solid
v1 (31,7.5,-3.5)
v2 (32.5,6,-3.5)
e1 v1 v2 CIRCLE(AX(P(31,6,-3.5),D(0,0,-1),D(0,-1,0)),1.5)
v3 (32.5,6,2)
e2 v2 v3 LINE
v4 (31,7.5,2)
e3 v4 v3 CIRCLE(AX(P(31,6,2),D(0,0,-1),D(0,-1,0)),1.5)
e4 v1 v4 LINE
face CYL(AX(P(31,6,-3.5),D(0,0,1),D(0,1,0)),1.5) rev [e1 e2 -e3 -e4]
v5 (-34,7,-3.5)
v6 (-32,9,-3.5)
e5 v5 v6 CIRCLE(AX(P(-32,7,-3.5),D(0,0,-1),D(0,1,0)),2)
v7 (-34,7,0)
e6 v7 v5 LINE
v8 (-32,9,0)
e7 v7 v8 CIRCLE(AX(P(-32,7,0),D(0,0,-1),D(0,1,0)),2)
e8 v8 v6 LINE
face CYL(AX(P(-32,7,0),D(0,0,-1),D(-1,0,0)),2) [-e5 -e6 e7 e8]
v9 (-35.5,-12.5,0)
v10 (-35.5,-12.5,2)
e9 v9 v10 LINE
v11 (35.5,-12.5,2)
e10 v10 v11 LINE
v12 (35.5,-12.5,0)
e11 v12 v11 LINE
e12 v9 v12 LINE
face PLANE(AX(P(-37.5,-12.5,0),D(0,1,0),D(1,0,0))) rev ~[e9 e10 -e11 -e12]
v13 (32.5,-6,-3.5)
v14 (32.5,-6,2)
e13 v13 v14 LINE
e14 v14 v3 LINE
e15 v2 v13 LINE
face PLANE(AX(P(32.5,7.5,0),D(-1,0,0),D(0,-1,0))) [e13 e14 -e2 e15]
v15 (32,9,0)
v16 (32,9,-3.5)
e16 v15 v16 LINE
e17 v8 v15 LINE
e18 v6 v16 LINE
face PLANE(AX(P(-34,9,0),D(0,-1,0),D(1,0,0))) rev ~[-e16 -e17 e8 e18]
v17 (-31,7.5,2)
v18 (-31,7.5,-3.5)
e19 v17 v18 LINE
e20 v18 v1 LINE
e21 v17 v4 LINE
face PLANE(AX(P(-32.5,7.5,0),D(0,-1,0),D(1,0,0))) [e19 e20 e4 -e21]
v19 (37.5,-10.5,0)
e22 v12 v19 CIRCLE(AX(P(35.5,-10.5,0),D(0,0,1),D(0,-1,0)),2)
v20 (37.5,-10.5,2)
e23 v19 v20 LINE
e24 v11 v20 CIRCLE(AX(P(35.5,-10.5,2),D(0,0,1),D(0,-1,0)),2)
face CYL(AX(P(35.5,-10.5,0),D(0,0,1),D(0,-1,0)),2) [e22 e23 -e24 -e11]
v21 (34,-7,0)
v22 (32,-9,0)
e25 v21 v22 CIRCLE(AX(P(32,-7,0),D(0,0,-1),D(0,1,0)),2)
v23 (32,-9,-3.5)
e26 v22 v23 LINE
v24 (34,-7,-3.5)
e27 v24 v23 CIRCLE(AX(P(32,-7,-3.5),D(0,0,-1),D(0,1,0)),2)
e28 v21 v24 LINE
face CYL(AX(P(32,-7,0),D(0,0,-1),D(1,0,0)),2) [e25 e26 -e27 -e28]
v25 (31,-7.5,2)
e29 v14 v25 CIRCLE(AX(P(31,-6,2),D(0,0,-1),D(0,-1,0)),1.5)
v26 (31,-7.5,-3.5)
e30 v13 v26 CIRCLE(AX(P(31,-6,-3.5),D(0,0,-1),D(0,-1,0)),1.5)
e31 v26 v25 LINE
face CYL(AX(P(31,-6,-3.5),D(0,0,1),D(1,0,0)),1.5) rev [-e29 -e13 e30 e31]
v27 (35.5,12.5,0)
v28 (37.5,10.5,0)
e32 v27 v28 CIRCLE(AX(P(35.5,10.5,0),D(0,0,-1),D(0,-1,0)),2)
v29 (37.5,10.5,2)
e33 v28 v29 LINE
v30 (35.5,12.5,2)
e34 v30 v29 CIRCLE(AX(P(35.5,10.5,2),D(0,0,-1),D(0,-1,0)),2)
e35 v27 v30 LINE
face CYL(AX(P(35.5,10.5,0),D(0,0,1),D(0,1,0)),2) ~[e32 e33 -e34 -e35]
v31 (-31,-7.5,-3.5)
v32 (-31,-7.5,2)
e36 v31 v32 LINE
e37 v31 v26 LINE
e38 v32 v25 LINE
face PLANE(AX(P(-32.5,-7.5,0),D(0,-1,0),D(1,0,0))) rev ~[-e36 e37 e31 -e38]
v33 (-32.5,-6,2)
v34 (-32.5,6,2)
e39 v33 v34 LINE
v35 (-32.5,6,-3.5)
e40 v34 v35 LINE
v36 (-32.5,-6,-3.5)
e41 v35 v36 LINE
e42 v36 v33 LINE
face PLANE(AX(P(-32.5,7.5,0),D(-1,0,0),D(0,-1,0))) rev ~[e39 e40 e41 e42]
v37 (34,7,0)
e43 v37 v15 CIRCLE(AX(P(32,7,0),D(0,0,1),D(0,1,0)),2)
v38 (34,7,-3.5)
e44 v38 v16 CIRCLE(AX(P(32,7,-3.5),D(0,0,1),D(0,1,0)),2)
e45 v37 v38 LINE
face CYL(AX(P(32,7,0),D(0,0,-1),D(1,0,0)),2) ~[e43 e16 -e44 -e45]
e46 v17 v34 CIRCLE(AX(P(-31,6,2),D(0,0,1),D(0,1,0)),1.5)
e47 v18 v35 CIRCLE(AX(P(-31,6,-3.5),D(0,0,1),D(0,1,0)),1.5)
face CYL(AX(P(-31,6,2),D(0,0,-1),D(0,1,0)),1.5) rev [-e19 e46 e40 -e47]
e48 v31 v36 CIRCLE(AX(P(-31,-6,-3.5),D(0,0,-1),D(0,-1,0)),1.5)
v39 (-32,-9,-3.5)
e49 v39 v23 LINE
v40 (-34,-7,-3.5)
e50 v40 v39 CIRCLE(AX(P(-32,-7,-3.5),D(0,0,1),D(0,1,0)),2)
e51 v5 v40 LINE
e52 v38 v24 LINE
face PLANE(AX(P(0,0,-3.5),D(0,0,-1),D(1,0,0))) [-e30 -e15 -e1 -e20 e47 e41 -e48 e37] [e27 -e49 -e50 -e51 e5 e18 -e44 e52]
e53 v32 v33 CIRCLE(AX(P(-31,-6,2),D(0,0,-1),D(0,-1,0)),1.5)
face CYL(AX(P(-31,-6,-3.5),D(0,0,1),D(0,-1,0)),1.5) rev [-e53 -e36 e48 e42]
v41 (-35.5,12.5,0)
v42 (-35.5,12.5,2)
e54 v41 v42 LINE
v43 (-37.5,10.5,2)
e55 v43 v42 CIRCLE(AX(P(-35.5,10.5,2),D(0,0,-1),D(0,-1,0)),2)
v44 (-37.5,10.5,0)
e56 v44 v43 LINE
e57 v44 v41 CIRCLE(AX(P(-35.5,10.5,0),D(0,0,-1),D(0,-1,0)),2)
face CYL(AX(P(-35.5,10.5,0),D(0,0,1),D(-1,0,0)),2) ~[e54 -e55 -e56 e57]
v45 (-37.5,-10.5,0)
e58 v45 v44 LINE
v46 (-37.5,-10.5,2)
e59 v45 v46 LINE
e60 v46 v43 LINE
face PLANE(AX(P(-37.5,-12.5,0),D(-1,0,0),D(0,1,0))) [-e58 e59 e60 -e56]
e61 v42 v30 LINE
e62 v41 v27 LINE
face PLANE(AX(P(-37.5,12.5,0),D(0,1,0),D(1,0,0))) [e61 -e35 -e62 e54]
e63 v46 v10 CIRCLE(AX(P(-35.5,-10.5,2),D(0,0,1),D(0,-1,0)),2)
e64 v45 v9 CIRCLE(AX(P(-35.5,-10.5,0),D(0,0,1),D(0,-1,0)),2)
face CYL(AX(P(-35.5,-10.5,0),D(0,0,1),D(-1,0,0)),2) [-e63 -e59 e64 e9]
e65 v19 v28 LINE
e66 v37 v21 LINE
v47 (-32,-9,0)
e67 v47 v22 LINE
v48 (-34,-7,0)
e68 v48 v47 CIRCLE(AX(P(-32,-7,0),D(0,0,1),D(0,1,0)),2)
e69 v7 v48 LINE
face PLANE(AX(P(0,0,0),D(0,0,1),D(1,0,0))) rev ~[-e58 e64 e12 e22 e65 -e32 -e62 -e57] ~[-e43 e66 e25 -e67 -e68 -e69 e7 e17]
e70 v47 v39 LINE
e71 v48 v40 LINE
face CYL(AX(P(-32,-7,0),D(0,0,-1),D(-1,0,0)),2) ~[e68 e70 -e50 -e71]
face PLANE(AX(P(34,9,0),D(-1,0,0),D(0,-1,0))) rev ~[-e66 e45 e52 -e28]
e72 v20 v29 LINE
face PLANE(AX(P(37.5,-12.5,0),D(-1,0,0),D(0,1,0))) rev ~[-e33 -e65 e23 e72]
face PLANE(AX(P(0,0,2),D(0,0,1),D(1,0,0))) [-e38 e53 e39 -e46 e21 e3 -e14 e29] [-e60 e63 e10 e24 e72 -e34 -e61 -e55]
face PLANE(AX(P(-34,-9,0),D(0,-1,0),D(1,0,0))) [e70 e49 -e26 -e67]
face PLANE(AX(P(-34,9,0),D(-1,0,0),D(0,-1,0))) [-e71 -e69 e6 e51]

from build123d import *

# Parameters (mm, degrees)
F0_W     = 75
F0_H     = 25
F0_W_2   = 65
F0_H_2   = 15
F1_DEPTH = 2
F2_R     = 2
F3_W     = 68
F3_H     = 18
F3_W_2   = 65
F3_H_2   = 15
F4_DEPTH = 3.5
F5_R     = 2
F6_R     = 1.5


with BuildPart() as f1:
    # F0 (on Top) → F1 (new body)
    with BuildSketch(Plane.XY):
        Rectangle(F0_W, F0_H)
        Rectangle(F0_W_2, F0_H_2, mode=Mode.SUBTRACT)
    extrude(amount=F1_DEPTH)

    # F2
    f2_edges = [f1.edges().sort_by_distance(p)[0] for p in [
        (37.5, 12.5, 1),
        (37.5, -12.5, 1),
        (-37.5, -12.5, 1),
        (-37.5, 12.5, 1),
    ]]
    fillet(f2_edges, radius=F2_R)

    # F3 (on face) → F4 (join)
    with BuildSketch(Plane(origin=(0, 0, 0), x_dir=(1, 0, 0), z_dir=(0, 0, -1))):
        Rectangle(F3_W, F3_H)
        Rectangle(F3_W_2, F3_H_2, mode=Mode.SUBTRACT)
    extrude(amount=F4_DEPTH)

    # F5
    f5_edges = [f1.edges().sort_by_distance(p)[0] for p in [
        (34, -9, -1.75),
        (-34, -9, -1.75),
        (-34, 9, -1.75),
        (34, 9, -1.75),
    ]]
    fillet(f5_edges, radius=F5_R)

    # F6
    f6_edges = [f1.edges().sort_by_distance(p)[0] for p in [
        (32.5, 7.5, -0.75),
        (32.5, -7.5, -0.75),
        (-32.5, -7.5, -0.75),
        (-32.5, 7.5, -0.75),
    ]]
    fillet(f6_edges, radius=F6_R)


solid = f1.part
